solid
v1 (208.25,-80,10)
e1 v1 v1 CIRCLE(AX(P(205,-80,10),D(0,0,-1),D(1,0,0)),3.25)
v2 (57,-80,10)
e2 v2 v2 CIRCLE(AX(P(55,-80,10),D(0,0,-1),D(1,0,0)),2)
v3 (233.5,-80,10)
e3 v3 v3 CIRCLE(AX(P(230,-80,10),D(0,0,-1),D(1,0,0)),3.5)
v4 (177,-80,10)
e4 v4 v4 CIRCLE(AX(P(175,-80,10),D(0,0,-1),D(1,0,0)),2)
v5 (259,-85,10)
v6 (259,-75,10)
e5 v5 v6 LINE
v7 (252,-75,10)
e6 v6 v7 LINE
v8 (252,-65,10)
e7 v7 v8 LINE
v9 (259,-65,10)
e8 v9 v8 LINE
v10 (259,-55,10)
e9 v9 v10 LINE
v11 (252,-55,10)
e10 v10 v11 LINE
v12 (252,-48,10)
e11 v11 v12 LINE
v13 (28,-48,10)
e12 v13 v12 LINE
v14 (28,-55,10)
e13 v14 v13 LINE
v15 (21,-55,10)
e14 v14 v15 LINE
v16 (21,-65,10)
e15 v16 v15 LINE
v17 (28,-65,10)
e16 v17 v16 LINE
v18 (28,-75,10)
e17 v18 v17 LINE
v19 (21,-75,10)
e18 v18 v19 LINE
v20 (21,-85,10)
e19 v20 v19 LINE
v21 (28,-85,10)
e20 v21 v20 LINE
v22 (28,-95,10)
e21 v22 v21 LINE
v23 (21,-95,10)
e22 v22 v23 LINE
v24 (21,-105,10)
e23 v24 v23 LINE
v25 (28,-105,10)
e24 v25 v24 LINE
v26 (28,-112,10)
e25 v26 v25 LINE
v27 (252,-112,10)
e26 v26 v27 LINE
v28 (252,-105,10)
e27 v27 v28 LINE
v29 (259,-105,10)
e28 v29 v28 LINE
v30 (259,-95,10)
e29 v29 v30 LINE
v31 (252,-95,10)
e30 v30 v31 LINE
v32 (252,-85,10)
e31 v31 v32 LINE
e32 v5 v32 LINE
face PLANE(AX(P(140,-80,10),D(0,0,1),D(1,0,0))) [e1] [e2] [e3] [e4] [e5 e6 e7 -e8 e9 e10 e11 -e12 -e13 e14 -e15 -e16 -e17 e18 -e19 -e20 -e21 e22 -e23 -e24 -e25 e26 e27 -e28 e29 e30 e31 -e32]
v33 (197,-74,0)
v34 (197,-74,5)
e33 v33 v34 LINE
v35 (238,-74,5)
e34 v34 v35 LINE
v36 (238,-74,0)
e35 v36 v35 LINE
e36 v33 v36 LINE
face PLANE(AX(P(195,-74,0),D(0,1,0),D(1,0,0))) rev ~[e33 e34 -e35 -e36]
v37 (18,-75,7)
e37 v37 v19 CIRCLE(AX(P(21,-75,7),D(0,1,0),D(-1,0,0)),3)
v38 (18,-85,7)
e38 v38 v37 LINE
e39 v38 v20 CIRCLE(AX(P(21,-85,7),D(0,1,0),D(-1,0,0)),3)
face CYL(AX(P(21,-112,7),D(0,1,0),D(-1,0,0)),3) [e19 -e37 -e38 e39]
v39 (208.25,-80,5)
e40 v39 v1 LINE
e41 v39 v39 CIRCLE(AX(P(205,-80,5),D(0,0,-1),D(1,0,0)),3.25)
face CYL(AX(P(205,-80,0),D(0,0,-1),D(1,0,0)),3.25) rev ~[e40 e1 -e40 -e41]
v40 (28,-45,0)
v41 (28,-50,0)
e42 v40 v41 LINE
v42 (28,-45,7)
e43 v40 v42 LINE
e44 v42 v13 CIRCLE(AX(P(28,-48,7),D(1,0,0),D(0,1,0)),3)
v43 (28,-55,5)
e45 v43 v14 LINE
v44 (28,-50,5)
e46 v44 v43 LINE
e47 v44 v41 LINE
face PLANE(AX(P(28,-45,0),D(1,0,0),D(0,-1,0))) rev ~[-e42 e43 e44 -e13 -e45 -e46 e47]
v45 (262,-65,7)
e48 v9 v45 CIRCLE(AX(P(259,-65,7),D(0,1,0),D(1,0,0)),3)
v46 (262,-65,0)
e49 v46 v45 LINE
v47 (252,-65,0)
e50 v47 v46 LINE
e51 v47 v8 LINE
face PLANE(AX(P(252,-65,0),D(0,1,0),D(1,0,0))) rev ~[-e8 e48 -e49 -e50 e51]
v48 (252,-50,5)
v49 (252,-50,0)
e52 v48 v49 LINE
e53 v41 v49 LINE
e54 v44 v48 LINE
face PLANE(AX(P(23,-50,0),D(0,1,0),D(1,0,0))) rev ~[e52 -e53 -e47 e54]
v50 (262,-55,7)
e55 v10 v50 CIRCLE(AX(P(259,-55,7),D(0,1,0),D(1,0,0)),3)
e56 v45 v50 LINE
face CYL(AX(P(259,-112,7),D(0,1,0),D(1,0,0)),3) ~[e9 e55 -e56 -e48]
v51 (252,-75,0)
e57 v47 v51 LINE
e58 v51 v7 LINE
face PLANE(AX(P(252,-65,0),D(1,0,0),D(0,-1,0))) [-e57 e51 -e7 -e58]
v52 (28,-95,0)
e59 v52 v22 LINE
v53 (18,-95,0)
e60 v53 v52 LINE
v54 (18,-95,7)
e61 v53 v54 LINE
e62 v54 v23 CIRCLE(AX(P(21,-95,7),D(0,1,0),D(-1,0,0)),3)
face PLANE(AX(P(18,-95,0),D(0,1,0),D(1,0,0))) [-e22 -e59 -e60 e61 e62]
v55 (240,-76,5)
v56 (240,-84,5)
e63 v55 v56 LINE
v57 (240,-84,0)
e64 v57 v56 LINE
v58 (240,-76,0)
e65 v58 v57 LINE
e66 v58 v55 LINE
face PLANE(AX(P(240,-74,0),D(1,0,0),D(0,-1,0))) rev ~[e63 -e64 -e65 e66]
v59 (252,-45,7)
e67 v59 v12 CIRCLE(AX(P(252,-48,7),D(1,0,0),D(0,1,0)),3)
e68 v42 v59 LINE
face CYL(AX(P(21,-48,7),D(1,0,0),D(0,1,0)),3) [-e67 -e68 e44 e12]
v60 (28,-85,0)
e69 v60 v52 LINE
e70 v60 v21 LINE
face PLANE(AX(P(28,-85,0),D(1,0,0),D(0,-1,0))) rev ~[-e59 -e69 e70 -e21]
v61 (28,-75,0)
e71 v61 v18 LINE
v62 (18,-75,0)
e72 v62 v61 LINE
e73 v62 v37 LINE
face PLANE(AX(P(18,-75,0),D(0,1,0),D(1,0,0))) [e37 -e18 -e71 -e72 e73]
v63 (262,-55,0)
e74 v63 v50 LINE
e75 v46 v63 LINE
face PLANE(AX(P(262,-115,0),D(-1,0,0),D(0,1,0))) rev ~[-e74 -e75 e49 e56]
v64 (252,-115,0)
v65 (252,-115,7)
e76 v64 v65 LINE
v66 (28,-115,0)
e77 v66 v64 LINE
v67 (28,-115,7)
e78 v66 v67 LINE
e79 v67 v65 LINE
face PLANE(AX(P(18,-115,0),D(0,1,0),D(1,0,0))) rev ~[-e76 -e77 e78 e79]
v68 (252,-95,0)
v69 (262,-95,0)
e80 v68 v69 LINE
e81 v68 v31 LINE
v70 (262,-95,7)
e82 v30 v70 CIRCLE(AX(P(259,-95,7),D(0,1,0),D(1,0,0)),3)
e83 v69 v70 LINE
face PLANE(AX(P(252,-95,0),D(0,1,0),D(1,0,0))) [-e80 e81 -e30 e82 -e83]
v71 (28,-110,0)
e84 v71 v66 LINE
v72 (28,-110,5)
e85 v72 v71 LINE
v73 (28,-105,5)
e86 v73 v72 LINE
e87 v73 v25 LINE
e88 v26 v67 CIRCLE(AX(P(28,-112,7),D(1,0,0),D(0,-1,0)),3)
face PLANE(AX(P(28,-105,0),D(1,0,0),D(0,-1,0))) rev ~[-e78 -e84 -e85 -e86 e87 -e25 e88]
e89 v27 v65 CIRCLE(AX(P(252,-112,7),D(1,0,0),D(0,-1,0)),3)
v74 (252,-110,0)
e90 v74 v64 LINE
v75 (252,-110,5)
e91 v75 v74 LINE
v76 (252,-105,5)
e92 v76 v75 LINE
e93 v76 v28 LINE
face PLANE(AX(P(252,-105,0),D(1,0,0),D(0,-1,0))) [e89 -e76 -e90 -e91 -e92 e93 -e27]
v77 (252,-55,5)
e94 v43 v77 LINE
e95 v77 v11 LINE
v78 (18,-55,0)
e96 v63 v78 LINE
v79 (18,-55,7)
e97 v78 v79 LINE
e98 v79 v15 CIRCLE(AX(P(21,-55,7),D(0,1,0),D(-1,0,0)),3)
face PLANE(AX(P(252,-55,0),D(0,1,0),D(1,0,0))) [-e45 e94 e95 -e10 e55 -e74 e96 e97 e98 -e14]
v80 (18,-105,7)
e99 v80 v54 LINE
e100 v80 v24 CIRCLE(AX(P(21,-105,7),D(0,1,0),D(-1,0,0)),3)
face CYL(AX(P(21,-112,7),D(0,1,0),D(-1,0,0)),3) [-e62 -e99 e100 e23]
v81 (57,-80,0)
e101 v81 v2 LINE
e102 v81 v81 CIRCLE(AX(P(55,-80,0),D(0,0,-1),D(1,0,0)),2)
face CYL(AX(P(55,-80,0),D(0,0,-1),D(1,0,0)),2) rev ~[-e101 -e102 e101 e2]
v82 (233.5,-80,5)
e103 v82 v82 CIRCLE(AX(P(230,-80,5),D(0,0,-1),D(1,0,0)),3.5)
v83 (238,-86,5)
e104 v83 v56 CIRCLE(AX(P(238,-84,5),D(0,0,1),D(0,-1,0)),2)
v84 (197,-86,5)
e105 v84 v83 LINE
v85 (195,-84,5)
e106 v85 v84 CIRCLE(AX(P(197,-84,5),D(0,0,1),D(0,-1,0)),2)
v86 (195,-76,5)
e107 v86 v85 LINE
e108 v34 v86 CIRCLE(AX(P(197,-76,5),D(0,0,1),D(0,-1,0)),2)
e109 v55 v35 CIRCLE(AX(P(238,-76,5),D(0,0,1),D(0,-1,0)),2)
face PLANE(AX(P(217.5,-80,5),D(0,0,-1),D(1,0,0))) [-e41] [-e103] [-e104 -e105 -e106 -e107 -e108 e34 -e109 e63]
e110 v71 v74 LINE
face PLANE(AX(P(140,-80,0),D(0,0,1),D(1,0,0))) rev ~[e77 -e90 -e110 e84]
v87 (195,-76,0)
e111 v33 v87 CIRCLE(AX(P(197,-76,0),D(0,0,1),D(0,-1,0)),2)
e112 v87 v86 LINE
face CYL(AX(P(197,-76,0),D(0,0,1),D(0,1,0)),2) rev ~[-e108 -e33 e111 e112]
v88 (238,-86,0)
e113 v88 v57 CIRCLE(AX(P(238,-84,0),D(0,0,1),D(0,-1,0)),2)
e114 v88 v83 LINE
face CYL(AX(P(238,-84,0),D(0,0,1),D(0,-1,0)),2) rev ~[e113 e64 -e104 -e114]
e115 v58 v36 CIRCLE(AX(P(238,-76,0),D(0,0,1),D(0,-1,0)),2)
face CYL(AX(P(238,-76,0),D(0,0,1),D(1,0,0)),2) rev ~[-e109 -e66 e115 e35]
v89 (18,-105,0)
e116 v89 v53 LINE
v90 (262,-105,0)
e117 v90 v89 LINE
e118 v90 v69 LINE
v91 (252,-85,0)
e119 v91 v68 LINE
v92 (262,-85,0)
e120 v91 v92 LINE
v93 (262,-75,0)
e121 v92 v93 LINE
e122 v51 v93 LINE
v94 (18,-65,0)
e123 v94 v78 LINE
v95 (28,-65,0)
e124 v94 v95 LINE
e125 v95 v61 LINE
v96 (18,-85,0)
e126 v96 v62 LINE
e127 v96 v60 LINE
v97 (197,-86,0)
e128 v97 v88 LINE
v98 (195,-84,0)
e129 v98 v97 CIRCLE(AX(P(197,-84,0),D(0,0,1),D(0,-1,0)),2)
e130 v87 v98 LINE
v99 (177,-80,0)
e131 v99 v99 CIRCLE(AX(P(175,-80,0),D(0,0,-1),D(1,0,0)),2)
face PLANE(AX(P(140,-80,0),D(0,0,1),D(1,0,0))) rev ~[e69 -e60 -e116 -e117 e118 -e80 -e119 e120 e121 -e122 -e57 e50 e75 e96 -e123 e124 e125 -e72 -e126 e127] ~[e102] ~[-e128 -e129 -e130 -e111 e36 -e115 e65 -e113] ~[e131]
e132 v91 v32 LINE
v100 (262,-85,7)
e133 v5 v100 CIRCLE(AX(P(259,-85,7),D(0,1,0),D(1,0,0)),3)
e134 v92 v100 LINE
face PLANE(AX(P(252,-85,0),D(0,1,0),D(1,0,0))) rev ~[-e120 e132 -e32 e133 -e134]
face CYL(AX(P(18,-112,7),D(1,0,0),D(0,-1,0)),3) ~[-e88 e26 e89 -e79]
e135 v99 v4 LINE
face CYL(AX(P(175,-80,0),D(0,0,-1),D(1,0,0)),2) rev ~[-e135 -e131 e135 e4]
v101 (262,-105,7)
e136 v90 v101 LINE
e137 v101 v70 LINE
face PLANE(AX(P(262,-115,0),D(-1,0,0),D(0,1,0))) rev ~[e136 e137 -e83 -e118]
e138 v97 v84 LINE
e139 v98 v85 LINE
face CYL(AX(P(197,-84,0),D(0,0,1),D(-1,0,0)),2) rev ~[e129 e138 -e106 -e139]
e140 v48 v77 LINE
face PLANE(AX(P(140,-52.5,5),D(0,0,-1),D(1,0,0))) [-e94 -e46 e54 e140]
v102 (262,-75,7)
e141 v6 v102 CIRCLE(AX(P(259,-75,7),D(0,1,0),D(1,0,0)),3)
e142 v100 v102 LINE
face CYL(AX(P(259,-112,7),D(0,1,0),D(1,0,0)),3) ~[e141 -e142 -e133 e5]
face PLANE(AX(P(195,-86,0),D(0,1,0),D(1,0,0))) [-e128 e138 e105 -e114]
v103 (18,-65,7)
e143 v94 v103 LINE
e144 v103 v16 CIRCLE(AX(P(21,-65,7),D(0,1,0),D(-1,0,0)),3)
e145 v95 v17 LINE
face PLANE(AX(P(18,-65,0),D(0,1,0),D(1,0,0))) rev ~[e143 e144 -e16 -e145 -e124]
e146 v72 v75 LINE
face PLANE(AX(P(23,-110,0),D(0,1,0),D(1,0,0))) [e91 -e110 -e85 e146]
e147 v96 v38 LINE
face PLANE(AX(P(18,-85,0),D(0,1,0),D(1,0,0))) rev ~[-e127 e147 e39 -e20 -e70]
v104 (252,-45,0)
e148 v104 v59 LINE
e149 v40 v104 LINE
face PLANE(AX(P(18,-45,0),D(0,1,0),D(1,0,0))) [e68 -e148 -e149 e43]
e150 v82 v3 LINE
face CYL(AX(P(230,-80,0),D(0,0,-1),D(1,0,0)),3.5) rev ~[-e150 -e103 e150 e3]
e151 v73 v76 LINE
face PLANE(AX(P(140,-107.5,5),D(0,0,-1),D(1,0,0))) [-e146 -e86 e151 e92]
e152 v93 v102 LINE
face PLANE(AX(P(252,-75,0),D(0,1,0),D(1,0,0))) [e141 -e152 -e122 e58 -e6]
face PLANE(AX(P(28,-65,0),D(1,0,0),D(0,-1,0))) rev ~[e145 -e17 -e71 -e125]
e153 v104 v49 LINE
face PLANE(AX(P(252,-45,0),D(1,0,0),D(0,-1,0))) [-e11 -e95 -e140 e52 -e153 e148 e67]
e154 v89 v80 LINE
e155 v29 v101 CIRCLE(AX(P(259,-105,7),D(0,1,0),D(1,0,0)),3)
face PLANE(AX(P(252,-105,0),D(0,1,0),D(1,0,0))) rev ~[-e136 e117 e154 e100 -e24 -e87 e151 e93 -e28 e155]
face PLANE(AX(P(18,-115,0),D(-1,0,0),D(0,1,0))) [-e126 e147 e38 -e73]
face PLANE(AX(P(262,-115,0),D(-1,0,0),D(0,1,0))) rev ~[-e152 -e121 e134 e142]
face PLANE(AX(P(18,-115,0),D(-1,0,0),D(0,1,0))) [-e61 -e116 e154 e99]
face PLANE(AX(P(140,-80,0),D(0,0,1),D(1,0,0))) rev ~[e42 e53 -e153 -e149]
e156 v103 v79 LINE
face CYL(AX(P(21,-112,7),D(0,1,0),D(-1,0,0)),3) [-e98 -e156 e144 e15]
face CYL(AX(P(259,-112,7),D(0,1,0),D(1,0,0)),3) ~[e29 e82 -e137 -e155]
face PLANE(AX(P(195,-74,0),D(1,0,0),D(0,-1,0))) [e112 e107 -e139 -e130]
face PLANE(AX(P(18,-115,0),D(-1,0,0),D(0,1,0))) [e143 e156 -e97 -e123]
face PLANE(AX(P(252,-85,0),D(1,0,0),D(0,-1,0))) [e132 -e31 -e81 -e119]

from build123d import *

# Parameters (mm, degrees)
SKETCH_W        = 244
SKETCH_H        = 70
PAD_DEPTH       = 10
FILLET_R        = 3
FILLET001_R     = 3
FILLET002_R     = 3
FILLET003_R     = 3
POCKET_DEPTH    = 5
SKETCH002_W     = 10
SKETCH002_H     = 10
POCKET001_DEPTH = 10.001
SKETCH003_R     = 3.5
SKETCH003_R_2   = 3.25
SKETCH003_R_3   = 2
POCKET002_DEPTH = 10.001
SKETCH004_W     = 45
SKETCH004_H     = 12
POCKET003_DEPTH = 5
FILLET004_R     = 2
FILLET005_R     = 2
FILLET006_R     = 2
FILLET007_R     = 2


with BuildPart() as part:
    # Sketch → Pad (new body)
    with BuildSketch(Plane.XY):
        Rectangle(SKETCH_W, SKETCH_H)
    extrude(amount=PAD_DEPTH)

    # Fillet
    fillet_edges = [part.edges().sort_by_distance(p)[0] for p in [
        (0, -35, 10),
    ]]
    fillet(fillet_edges, radius=FILLET_R)

    # Fillet001
    fillet001_edges = [part.edges().sort_by_distance(p)[0] for p in [
        (-122, 1.5, 10),
    ]]
    fillet(fillet001_edges, radius=FILLET001_R)

    # Fillet002
    fillet002_edges = [part.edges().sort_by_distance(p)[0] for p in [
        (1.5, 35, 10),
    ]]
    fillet(fillet002_edges, radius=FILLET002_R)

    # Fillet003
    fillet003_edges = [part.edges().sort_by_distance(p)[0] for p in [
        (122, 0, 10),
    ]]
    fillet(fillet003_edges, radius=FILLET003_R)

    # Sketch001 (on Face2 of Fillet003) → Pocket (cut)
    with BuildSketch(Plane(origin=(0, 0, 0), x_dir=(1, 0, 0), z_dir=(0, 0, -1))):
        with BuildLine():
            ThreePointArc((-117, 30), (-119.5, 27.5), (-117, 25))
            Line((-117, 25), (117, 25))
            ThreePointArc((117, 25), (119.5, 27.5), (117, 30))
            Line((-117, 30), (117, 30))
        make_face()
        with BuildLine():
            ThreePointArc((-117, -25), (-119.5, -27.5), (-117, -30))
            Line((-117, -30), (117, -30))
            ThreePointArc((117, -30), (119.5, -27.5), (117, -25))
            Line((-117, -25), (117, -25))
        make_face()
    extrude(amount=-POCKET_DEPTH, mode=Mode.SUBTRACT)

    # Sketch002 (on Face2 of Pocket) → Pocket001 (cut, through all)
    with BuildSketch(Plane(origin=(0, 0, 0), x_dir=(1, 0, 0), z_dir=(0, 0, -1))):
        with Locations((-117, 10)):
            Rectangle(SKETCH002_W, SKETCH002_H)
        with Locations((-117, 30)):
            Rectangle(SKETCH002_W, SKETCH002_H)
        with Locations((-117, -10)):
            Rectangle(SKETCH002_W, SKETCH002_H)
        with Locations((117, 10)):
            Rectangle(SKETCH002_W, SKETCH002_H)
        with Locations((117, 30)):
            Rectangle(SKETCH002_W, SKETCH002_H)
        with Locations((117, -10)):
            Rectangle(SKETCH002_W, SKETCH002_H)
        with Locations((-117, -30)):
            Rectangle(SKETCH002_W, SKETCH002_H)
        with Locations((117, -30)):
            Rectangle(SKETCH002_W, SKETCH002_H)
    extrude(amount=-POCKET001_DEPTH, mode=Mode.SUBTRACT)

    # Sketch003 (on Face2 of Pocket001) → Pocket002 (cut, through all)
    with BuildSketch(Plane(origin=(0, 0, 0), x_dir=(1, 0, 0), z_dir=(0, 0, -1))):
        with Locations((90, 0)):
            Circle(SKETCH003_R)
        with Locations((65, 0)):
            Circle(SKETCH003_R_2)
        with Locations((-85, 0)):
            Circle(SKETCH003_R_3)
        with Locations((35, 0)):
            Circle(SKETCH003_R_3)
    extrude(amount=-POCKET002_DEPTH, mode=Mode.SUBTRACT)

    # Sketch004 (on Face2 of Pocket002) → Pocket003 (cut)
    with BuildSketch(Plane(origin=(0, 0, 0), x_dir=(1, 0, 0), z_dir=(0, 0, -1))):
        with Locations((77.5, 0)):
            Rectangle(SKETCH004_W, SKETCH004_H)
    extrude(amount=-POCKET003_DEPTH, mode=Mode.SUBTRACT)

    # Fillet004
    fillet004_edges = [part.edges().sort_by_distance(p)[0] for p in [
        (100, 6, 2.5),
    ]]
    fillet(fillet004_edges, radius=FILLET004_R)

    # Fillet005
    fillet005_edges = [part.edges().sort_by_distance(p)[0] for p in [
        (55, 6, 2.5),
    ]]
    fillet(fillet005_edges, radius=FILLET005_R)

    # Fillet006
    fillet006_edges = [part.edges().sort_by_distance(p)[0] for p in [
        (55, -6, 2.5),
    ]]
    fillet(fillet006_edges, radius=FILLET006_R)

    # Fillet007
    fillet007_edges = [part.edges().sort_by_distance(p)[0] for p in [
        (100, -6, 2.5),
    ]]
    fillet(fillet007_edges, radius=FILLET007_R)


with BuildPart() as part_1:
    # Body placement: moved
    add(part.part.moved(Location((140, -80, 0))))


solid = part_1.part
